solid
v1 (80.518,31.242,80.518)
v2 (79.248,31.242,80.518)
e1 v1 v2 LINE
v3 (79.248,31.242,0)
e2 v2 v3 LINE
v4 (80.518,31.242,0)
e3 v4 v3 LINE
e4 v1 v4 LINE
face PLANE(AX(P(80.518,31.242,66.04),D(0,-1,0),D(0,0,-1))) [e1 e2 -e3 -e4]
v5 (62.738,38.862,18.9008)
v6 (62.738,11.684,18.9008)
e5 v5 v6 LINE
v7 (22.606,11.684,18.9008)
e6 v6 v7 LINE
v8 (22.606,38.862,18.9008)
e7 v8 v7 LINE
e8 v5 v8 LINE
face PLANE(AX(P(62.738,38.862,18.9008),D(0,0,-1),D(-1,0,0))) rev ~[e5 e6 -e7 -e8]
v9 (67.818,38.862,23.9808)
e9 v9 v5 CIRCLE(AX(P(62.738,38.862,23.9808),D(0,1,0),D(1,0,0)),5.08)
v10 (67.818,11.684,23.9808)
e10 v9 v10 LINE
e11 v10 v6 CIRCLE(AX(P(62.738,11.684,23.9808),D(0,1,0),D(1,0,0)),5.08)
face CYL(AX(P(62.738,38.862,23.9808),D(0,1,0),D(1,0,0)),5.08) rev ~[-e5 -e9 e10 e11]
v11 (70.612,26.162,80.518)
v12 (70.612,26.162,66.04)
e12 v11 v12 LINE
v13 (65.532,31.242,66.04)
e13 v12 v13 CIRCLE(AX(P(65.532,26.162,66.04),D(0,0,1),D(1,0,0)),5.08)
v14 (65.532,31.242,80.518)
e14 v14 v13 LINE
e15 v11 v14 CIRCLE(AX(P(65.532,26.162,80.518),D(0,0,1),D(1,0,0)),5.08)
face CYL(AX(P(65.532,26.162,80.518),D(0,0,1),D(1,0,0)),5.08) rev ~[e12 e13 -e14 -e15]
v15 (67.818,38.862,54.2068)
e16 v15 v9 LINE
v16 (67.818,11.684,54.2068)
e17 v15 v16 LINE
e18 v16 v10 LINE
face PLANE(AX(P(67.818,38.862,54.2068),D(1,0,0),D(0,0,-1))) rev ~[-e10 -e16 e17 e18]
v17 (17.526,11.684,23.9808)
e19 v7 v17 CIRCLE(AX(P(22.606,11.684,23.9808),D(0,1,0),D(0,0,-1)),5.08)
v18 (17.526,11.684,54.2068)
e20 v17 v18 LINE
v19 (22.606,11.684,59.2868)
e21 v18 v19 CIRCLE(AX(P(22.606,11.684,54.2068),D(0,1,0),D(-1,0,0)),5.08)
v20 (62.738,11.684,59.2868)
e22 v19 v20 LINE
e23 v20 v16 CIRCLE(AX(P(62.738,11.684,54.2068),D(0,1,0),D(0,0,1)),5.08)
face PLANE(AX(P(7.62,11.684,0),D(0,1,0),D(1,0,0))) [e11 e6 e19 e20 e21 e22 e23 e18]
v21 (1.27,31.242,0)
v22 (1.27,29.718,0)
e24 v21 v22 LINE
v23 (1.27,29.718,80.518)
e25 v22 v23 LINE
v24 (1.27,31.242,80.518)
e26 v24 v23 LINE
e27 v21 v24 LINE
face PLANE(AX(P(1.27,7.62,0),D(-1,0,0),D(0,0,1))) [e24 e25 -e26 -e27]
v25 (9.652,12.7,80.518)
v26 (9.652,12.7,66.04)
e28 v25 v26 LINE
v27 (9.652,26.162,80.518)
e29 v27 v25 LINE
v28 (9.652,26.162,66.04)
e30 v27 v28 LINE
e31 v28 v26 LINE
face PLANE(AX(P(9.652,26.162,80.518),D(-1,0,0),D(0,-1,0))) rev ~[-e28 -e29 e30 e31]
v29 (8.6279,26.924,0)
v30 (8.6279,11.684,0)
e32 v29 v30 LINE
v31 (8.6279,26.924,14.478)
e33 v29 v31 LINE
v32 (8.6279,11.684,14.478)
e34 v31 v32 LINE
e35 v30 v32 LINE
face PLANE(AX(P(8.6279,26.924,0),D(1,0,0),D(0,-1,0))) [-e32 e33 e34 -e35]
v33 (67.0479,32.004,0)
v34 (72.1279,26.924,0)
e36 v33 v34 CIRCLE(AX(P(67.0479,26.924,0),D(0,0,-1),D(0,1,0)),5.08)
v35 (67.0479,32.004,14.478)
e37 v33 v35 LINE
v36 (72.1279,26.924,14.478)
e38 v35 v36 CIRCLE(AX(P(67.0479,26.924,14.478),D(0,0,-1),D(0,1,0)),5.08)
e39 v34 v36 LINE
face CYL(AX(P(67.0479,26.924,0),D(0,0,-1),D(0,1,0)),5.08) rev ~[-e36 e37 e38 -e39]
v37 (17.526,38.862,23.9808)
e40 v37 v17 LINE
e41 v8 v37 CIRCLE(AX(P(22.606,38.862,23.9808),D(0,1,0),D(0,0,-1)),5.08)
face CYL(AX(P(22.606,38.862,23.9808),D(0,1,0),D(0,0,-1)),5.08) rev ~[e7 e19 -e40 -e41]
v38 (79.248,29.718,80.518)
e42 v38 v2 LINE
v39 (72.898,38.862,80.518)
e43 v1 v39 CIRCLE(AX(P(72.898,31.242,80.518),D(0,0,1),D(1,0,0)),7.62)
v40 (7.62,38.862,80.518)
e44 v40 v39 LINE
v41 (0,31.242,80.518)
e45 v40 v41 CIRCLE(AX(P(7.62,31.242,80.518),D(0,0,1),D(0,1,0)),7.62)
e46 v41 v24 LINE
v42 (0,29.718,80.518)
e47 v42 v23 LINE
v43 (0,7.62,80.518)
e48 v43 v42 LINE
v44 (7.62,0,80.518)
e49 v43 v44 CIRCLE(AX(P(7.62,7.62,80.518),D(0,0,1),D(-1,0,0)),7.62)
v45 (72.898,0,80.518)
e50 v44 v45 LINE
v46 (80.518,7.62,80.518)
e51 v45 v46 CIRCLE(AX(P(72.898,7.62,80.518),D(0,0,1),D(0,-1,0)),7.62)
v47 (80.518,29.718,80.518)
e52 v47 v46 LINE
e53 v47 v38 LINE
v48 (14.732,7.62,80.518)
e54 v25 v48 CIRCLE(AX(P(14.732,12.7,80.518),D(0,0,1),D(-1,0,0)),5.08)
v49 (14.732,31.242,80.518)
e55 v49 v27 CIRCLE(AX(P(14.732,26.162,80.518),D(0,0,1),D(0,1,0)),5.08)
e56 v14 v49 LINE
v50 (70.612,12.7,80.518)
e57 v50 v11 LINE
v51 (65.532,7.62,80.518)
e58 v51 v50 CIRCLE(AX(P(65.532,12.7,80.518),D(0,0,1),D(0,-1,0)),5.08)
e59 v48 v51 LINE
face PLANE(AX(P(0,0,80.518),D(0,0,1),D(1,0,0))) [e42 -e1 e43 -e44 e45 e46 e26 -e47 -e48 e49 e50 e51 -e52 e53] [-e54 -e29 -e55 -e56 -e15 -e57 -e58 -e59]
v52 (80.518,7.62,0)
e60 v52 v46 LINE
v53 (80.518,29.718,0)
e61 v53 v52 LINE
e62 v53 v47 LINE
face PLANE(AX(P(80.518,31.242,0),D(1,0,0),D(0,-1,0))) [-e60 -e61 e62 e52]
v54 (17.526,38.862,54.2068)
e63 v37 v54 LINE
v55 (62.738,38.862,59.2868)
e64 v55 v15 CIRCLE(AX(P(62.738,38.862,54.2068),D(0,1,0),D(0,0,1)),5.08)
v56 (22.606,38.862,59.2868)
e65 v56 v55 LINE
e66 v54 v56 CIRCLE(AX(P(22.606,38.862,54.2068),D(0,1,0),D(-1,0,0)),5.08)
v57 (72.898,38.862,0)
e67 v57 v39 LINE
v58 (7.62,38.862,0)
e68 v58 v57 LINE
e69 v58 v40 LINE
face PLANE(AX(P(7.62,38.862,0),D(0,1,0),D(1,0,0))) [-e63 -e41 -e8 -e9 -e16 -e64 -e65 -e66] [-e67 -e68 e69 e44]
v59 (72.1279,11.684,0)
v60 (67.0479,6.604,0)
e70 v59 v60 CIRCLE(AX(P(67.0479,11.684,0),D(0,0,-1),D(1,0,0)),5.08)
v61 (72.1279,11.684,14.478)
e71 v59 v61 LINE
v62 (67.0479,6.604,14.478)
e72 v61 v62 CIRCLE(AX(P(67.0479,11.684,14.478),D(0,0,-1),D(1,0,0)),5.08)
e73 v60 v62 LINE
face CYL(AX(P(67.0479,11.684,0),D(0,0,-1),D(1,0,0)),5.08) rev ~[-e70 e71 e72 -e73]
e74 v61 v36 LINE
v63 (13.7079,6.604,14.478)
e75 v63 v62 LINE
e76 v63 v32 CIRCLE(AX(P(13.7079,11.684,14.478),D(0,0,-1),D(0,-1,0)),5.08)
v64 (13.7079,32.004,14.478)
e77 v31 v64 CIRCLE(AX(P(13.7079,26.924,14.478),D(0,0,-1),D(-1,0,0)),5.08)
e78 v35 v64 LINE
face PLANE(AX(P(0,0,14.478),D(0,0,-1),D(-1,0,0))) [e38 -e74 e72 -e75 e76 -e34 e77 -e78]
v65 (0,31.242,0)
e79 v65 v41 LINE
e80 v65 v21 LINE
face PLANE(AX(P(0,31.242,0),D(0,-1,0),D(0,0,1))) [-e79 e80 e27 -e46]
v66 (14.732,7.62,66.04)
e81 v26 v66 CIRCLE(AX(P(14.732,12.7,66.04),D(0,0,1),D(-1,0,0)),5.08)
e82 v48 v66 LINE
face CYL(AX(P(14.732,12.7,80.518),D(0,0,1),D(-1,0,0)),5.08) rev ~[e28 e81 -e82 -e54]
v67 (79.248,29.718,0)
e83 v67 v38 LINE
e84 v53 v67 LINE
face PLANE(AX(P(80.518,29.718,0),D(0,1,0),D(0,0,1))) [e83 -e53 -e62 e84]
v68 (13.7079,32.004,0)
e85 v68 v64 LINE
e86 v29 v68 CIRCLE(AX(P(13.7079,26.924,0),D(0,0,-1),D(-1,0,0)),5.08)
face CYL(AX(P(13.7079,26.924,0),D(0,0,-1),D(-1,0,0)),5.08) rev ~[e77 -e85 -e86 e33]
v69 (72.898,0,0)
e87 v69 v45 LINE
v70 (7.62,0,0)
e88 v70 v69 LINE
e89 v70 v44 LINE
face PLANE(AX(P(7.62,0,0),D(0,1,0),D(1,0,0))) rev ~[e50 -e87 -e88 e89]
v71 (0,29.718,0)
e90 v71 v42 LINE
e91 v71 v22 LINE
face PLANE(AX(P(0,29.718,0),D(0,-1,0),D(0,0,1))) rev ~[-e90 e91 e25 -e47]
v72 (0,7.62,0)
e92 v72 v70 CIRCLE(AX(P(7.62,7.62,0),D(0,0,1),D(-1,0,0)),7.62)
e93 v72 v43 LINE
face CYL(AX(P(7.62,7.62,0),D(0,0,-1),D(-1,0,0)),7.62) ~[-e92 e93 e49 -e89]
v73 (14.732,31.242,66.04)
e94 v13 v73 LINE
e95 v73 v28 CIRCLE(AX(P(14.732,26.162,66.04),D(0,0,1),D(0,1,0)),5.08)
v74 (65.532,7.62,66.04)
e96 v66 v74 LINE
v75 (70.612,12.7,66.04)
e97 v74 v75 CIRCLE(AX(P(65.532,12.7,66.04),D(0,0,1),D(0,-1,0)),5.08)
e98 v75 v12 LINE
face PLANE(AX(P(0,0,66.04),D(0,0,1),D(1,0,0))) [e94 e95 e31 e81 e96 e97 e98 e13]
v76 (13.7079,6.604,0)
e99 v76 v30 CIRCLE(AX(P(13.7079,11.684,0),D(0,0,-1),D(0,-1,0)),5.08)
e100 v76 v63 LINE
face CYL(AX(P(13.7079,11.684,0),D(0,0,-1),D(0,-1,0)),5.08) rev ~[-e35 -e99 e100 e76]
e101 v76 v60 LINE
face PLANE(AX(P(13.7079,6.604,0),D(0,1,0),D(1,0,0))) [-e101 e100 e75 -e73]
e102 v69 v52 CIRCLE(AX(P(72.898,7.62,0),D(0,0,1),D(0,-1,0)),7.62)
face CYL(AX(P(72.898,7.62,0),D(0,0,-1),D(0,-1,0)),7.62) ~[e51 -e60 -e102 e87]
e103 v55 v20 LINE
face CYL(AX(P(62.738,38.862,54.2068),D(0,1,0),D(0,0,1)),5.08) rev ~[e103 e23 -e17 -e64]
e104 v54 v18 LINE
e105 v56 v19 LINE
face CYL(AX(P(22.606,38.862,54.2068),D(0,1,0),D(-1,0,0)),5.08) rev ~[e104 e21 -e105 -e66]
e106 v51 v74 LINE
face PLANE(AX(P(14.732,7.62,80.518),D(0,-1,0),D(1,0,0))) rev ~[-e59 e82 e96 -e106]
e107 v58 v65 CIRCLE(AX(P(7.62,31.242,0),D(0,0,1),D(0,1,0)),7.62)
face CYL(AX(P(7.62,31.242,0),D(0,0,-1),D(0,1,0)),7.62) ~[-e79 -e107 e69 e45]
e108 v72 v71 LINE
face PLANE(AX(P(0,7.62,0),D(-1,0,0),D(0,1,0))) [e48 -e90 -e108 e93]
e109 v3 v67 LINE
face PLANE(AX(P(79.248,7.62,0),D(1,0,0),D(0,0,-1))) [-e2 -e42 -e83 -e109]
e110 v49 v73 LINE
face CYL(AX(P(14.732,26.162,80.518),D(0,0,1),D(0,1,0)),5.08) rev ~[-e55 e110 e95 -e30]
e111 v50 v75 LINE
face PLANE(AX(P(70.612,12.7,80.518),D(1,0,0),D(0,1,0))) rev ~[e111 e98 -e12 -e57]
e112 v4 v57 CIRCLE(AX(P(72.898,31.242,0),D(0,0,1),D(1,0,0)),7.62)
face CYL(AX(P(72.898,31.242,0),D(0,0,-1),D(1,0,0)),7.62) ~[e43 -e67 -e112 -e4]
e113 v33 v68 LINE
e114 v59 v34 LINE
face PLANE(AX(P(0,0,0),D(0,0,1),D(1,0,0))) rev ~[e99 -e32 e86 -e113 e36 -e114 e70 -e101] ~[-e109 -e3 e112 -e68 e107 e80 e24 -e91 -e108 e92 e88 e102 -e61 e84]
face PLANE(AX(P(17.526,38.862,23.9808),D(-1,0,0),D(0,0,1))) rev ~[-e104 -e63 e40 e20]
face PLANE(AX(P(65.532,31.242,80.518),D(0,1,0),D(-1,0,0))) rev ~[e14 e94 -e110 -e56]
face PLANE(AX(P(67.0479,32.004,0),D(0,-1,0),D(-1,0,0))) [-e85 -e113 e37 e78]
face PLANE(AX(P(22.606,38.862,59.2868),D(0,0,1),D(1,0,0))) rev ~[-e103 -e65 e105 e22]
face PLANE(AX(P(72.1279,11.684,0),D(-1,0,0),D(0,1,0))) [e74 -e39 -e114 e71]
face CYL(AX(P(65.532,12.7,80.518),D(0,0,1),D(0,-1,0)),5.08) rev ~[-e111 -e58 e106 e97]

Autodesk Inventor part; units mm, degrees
ref_plane "YZ Plane" through (0, 0, 0) normal (1, 0, 0) x (0, 1, 0)
ref_plane "XZ Plane" through (0, 0, 0) normal (0, 1, 0) x (-1, 0, 0)
ref_plane "XY Plane" through (0, 0, 0) normal (0, 0, 1) x (1, 0, 0)
sketch "Sketch1" plane through (0, 0, 0) normal (0, 0, 1) x (1, 0, 0)
  line L0 (7.62, 0) -> (72.898, 0)
  line L1 (0, 7.62) -> (0, 31.242)
  line L2 (7.62, 38.862) -> (72.898, 38.862)
  line L3 (80.518, 31.242) -> (80.518, 7.62)
  arc A0 (7.62, 38.862) -> (0, 31.242) centre (7.62, 31.242) ccw
  arc A1 (80.518, 31.242) -> (72.898, 38.862) centre (72.898, 31.242) ccw
  arc A2 (72.898, 0) -> (80.518, 7.62) centre (72.898, 7.62) ccw
  arc A3 (0, 7.62) -> (7.62, 0) centre (7.62, 7.62) ccw
  point P0 (0, 0)
  point P1 (80.518, 0)
  point P2 (0, 38.862)
  dimension "d2" = 80.518
  dimension "d3" = 38.862
  dimension "d4" = 7.62
  dimension "d5" = 7.62
  dimension "d6" = 7.62
  dimension "d7" = 7.62
extrude "Extrusion1" add sketch "Sketch1" along normal blind 80.518
sketch "Sketch2" plane through (0, 0, 80.518) normal (0, 0, 1) x (1, 0, 0)
  line L0 (14.732, 7.62) -> (65.532, 7.62)
  line L1 (70.612, 12.7) -> (70.612, 26.162)
  line L2 (65.532, 31.242) -> (14.732, 31.242)
  line L3 (9.652, 26.162) -> (9.652, 12.7)
  arc A0 (14.732, 31.242) -> (9.652, 26.162) centre (14.732, 26.162) ccw
  arc A1 (70.612, 26.162) -> (65.532, 31.242) centre (65.532, 26.162) ccw
  arc A2 (65.532, 7.62) -> (70.612, 12.7) centre (65.532, 12.7) ccw
  arc A3 (9.652, 12.7) -> (14.732, 7.62) centre (14.732, 12.7) ccw
  point P0 (0, 0)
  point P1 (9.652, 7.62)
  point P2 (70.612, 7.62)
  point P3 (70.612, 31.242)
  dimension "d12" = 60.96
  dimension "d13" = 23.622
  dimension "d16" = 5.08
extrude "Extrusion2" cut sketch "Sketch2" against normal blind 14.478
sketch "Sketch3" plane through (7.62, 38.862, 0) normal (0, 1, 0) x (1, 0, 0)
  line L0 (60.198, -54.2068) -> (60.198, -23.9808)
  line L1 (55.118, -18.9008) -> (14.986, -18.9008)
  line L2 (9.906, -23.9808) -> (9.906, -54.2068)
  line L3 (14.986, -59.2868) -> (55.118, -59.2868)
  line L4 (72.898, 0) -> (72.898, -80.518) projected
  arc A0 (14.986, -18.9008) -> (9.906, -23.9808) centre (14.986, -23.9808) ccw
  arc A1 (60.198, -23.9808) -> (55.118, -18.9008) centre (55.118, -23.9808) ccw
  arc A2 (55.118, -59.2868) -> (60.198, -54.2068) centre (55.118, -54.2068) ccw
  arc A3 (9.906, -54.2068) -> (14.986, -59.2868) centre (14.986, -54.2068) ccw
  point P0 (-7.62, 0)
  point P1 (60.198, -59.2868)
  point P2 (60.198, -18.9008)
  point P3 (9.906, -18.9008)
  point P4 (9.906, -59.2868)
  dimension "d19" = 40.386
  dimension "d20" = 50.292
  dimension "d21" = 12.7
  dimension "d33" = 5.08
extrude "Extrusion3" cut sketch "Sketch3" against normal blind 27.178
sketch "Sketch4" plane through (0, 0, 0) normal (0, 0, -1) x (-1, 0, 0)
  line L0 (-8.6279, 26.924) -> (-8.6279, 11.684)
  line L1 (-72.1279, 11.684) -> (-72.1279, 26.924)
  line L2 (-67.0479, 32.004) -> (-13.7079, 32.004)
  line L3 (-13.7079, 6.604) -> (-67.0479, 6.604)
  arc A0 (-67.0479, 32.004) -> (-72.1279, 26.924) centre (-67.0479, 26.924) ccw
  arc A1 (-8.6279, 26.924) -> (-13.7079, 32.004) centre (-13.7079, 26.924) ccw
  arc A2 (-13.7079, 6.604) -> (-8.6279, 11.684) centre (-13.7079, 11.684) ccw
  arc A3 (-72.1279, 11.684) -> (-67.0479, 6.604) centre (-67.0479, 11.684) ccw
  point P0 (0, 0)
  point P1 (-8.6279, 32.004)
  point P2 (-8.6279, 6.604)
  point P3 (-72.1279, 6.604)
  point P4 (-72.1279, 32.004)
  dimension "d26" = 25.4
  dimension "d27" = 63.5
  dimension "d29" = 25.4
  dimension "d30" = 5.08
extrude "Extrusion4" cut sketch "Sketch4" against normal blind 14.478
sketch "Sketch5" plane through (80.518, 7.62, 0) normal (1, 0, 0) x (0, 0, -1)
  line L0 (-80.518, 23.622) -> (0, 23.622)
  line L1 (0, 23.622) -> (-80.518, 23.622) projected
  line L2 (0, 23.622) -> (0, 22.098)
  line L3 (0, 22.098) -> (-80.518, 22.098)
  line L4 (-80.518, 23.622) -> (-66.04, 23.622) projected
  line L5 (-80.518, 22.098) -> (-80.518, 23.622)
  line L6 (-80.518, 23.622) -> (-80.518, 22.098)
  point P0 (0, -7.62)
  dimension "d34" = 1.524
extrude "Extrusion5" cut sketch "Sketch5" against normal blind 1.27
sketch "Sketch6" plane through (0, 7.62, 0) normal (-1, 0, 0) x (0, 0, 1)
  line L0 (0, 23.622) -> (0, 22.098) projected
  line L1 (0, 23.622) -> (80.518, 23.622)
  line L2 (0, 22.098) -> (80.518, 22.098) projected
  line L3 (80.518, 23.622) -> (80.518, 22.098)
  line L4 (80.518, 22.098) -> (0, 22.098)
  line L5 (0, 22.098) -> (0, 23.622)
  point P0 (0, -7.62)
extrude "Extrusion6" cut sketch "Sketch6" against normal blind 1.27
properties part number "Body EM'" material "Wood (Birch)"
